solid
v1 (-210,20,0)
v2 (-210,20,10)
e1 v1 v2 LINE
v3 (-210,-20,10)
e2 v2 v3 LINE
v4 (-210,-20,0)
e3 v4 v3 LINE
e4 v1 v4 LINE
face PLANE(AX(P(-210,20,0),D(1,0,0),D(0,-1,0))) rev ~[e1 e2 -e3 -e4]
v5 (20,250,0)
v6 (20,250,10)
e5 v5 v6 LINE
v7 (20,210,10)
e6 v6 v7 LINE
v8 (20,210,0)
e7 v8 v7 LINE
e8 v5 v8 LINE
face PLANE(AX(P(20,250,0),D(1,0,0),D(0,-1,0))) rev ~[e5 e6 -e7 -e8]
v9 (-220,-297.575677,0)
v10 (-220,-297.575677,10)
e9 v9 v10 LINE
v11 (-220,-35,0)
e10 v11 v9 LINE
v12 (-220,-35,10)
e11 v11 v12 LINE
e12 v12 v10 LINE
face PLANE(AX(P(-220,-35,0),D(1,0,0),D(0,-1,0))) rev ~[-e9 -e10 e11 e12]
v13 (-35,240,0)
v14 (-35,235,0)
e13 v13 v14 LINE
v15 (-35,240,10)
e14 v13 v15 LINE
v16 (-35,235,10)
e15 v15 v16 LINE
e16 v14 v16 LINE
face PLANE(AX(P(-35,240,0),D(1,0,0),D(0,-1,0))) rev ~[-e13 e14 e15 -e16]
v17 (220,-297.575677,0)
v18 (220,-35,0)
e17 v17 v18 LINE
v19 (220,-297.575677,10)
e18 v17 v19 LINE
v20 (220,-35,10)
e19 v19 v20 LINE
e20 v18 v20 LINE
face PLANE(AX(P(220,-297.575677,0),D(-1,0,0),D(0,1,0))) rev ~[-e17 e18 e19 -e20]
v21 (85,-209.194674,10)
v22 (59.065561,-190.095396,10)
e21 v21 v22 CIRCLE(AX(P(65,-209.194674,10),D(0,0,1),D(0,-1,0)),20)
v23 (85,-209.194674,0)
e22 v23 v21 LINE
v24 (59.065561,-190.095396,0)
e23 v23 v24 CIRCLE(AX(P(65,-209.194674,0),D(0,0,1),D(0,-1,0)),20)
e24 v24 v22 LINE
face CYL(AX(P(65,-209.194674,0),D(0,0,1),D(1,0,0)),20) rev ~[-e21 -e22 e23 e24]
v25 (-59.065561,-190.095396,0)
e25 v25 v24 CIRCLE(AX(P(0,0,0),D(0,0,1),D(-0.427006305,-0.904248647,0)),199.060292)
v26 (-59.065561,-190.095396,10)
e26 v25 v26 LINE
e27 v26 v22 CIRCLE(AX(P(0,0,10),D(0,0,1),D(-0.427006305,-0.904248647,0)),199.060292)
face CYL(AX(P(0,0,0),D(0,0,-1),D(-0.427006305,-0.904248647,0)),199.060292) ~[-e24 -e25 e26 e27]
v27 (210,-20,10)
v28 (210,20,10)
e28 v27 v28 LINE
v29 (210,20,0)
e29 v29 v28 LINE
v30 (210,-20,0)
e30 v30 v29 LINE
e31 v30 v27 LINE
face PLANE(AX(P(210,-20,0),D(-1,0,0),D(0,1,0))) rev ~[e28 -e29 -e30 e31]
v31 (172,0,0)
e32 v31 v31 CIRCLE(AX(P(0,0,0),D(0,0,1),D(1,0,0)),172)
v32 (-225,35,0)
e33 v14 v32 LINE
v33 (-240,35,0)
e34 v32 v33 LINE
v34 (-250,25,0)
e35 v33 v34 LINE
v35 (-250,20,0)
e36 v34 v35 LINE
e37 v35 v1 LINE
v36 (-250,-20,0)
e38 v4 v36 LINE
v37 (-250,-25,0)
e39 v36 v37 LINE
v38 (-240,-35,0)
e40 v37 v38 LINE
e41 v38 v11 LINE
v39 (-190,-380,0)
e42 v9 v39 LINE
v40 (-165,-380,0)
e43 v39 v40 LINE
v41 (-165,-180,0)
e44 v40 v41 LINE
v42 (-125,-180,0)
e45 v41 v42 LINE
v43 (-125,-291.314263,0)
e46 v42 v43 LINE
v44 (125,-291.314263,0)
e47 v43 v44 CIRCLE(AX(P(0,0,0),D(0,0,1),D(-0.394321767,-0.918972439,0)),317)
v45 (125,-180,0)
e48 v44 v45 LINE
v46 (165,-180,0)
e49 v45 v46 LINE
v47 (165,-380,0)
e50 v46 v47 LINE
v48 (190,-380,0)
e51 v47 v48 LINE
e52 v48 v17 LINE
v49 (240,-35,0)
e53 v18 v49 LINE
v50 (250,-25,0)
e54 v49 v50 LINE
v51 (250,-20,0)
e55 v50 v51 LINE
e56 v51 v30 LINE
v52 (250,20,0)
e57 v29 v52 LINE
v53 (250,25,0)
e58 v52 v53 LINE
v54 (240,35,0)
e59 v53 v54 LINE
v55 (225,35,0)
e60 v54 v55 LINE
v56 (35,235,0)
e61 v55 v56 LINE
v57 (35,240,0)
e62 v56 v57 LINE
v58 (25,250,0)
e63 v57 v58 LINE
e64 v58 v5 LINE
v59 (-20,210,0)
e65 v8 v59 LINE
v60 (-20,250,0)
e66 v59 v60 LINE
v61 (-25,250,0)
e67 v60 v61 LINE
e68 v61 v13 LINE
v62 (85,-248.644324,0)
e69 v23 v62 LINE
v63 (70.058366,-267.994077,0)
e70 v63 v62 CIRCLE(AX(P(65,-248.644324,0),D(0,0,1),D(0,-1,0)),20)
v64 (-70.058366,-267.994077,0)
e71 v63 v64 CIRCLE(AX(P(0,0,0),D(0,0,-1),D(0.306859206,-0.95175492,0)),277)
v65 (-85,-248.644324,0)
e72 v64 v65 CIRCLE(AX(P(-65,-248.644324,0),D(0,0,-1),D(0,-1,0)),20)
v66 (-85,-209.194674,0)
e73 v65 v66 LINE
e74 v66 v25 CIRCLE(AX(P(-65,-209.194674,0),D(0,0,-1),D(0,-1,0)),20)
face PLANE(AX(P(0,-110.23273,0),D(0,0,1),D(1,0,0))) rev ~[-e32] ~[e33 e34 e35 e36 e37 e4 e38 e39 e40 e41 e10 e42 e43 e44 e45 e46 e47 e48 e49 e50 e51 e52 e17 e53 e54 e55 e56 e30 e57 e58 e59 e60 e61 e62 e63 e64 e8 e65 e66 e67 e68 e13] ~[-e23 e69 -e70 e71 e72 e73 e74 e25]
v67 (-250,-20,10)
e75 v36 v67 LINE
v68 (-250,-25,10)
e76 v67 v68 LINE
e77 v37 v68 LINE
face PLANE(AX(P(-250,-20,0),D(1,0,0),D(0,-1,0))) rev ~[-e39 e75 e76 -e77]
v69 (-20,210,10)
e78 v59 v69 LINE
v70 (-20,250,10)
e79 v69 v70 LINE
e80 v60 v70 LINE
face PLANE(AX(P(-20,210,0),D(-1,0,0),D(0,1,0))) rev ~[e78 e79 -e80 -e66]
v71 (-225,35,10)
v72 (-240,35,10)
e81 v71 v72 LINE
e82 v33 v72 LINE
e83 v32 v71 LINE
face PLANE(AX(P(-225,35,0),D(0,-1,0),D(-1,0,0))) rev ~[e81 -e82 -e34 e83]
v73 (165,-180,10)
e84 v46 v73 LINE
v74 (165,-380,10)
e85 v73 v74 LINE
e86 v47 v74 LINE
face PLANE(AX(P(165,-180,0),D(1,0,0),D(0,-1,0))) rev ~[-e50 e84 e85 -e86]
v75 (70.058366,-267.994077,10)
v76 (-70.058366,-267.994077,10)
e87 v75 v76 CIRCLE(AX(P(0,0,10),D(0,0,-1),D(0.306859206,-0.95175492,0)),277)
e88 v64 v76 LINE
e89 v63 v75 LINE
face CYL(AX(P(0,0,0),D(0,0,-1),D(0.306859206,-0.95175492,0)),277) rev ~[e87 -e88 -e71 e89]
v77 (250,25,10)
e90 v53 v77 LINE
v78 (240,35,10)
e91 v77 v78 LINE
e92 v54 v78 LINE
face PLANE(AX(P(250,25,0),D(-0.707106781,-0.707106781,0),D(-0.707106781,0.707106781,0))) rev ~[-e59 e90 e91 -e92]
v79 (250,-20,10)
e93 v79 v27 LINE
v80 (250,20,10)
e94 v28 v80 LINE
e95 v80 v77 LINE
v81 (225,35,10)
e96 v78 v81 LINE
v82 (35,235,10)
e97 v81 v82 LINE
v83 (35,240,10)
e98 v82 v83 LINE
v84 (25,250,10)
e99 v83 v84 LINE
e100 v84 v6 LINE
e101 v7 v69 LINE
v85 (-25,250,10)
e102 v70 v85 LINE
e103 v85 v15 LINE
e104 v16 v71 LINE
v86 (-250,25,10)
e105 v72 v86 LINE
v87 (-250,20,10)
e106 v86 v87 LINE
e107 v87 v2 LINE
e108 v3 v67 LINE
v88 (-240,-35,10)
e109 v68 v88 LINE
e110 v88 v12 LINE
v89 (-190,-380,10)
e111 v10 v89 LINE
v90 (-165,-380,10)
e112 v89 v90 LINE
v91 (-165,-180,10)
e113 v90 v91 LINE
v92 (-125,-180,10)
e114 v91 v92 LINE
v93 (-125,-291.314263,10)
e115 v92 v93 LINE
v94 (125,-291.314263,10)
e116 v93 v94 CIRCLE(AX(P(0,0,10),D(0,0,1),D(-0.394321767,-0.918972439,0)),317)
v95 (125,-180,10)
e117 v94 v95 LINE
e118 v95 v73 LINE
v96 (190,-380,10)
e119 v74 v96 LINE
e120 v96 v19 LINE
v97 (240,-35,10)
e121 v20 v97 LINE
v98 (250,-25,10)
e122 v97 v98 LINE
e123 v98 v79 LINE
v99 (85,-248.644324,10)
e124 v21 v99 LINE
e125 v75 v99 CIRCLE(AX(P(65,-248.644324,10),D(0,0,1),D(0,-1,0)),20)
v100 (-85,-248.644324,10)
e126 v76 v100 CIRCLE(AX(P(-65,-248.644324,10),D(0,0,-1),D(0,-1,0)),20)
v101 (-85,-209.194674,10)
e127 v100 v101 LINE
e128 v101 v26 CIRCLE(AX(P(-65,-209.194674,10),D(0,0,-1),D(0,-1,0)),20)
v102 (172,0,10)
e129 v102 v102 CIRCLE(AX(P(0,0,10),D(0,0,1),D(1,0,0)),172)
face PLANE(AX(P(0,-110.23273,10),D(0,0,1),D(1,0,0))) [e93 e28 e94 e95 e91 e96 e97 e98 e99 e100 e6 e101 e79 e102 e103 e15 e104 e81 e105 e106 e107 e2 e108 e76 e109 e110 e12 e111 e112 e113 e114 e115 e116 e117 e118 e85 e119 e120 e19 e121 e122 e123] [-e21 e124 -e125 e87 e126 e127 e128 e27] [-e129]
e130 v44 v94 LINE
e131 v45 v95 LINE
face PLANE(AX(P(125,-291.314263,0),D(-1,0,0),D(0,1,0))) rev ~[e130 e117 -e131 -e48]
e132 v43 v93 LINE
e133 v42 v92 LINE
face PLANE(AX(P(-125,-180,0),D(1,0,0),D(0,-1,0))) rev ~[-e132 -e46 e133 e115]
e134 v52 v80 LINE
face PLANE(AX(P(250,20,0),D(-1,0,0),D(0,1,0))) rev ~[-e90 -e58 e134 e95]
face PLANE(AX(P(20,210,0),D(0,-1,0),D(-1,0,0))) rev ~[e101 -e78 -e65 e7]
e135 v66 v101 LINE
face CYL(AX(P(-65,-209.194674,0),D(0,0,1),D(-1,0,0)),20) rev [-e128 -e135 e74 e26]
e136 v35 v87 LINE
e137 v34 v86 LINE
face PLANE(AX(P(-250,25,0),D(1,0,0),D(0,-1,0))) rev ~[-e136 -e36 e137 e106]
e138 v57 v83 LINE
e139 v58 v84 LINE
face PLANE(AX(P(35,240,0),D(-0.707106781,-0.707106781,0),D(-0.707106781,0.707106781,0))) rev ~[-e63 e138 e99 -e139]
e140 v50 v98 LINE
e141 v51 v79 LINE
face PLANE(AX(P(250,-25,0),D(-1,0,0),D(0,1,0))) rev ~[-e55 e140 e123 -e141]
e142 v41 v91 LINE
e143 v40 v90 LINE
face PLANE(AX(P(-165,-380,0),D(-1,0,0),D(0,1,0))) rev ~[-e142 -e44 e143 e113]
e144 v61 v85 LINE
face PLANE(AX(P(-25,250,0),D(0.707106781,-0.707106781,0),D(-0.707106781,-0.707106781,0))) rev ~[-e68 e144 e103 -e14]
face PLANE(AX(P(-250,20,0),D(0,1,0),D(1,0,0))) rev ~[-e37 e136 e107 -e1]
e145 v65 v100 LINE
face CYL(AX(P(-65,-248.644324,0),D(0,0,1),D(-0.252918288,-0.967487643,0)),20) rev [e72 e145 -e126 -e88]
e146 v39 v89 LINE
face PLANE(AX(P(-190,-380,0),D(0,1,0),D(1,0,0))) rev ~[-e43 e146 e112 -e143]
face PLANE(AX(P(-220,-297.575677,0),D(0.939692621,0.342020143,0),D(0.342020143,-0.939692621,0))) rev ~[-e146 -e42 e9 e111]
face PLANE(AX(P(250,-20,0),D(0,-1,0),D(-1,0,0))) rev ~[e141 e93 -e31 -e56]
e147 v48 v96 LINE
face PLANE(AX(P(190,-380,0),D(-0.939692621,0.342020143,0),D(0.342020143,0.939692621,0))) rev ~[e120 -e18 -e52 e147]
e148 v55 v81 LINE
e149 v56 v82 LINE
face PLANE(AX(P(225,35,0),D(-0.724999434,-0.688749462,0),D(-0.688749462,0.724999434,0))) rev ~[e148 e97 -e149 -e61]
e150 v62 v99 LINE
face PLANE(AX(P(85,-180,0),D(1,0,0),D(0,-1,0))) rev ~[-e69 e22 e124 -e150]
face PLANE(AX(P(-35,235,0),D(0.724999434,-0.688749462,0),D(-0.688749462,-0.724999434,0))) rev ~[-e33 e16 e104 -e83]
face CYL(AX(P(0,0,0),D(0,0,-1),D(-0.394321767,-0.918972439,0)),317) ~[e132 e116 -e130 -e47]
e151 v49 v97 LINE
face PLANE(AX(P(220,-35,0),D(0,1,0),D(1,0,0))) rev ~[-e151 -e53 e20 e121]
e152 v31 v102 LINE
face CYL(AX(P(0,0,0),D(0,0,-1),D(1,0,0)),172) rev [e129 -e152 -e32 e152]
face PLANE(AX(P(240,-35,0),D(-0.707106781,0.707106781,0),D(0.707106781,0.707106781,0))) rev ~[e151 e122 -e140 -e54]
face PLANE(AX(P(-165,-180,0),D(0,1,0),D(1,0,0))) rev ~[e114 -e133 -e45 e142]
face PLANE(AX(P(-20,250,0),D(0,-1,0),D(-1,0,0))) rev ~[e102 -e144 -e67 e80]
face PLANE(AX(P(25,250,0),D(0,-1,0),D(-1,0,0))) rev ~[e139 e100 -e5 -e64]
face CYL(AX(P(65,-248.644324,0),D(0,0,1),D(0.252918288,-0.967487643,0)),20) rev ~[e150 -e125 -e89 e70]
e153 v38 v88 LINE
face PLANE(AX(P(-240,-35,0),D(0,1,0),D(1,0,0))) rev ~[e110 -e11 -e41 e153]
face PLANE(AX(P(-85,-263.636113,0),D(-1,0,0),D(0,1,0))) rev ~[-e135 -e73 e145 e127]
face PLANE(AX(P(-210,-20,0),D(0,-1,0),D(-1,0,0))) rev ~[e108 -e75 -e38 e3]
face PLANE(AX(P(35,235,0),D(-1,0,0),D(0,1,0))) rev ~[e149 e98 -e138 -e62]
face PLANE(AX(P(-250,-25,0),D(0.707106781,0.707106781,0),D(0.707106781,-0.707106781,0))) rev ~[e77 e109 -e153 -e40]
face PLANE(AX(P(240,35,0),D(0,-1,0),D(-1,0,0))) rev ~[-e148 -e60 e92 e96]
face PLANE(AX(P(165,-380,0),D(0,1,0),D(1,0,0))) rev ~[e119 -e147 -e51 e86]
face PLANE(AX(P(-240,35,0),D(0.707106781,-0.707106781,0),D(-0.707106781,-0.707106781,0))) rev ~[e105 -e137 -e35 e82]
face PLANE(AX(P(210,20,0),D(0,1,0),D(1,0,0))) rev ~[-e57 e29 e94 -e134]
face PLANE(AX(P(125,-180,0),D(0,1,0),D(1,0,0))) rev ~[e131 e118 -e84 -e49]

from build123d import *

# Parameters (mm, degrees)
ESQUISSE1_R        = 172
BOSS_EXTRU_1_DEPTH = 10
CONG_1_R           = 20


with BuildPart() as part:
    # Esquisse1 → Boss.-Extru.1 (new body)
    with BuildSketch(Plane.XY):
        with BuildLine():
            Line((220, -297.575677416), (220, -228.230147001))
            Line((220, -228.230147001), (220, -35))
            Line((220, -35), (240, -35))
            Line((240, -35), (250, -25))
            Line((250, -25), (250, -20))
            Line((250, -20), (210, -20))
            Line((210, -20), (210, 20))
            Line((210, 20), (250, 20))
            Line((250, 20), (250, 25))
            Line((250, 25), (240, 35))
            Line((240, 35), (225, 35))
            Line((225, 35), (35, 235))
            Line((35, 235), (35, 240))
            Line((35, 240), (25, 250))
            Line((25, 250), (20, 250))
            Line((20, 250), (20, 210))
            Line((20, 210), (-20, 210))
            Line((-20, 210), (-20, 250))
            Line((-20, 250), (-25, 250))
            Line((-25, 250), (-35, 240))
            Line((-35, 240), (-35, 235))
            Line((-35, 235), (-225, 35))
            Line((-225, 35), (-240, 35))
            Line((-240, 35), (-250, 25))
            Line((-250, 25), (-250, 20))
            Line((-250, 20), (-210, 20))
            Line((-210, 20), (-210, -20))
            Line((-210, -20), (-250, -20))
            Line((-250, -20), (-250, -25))
            Line((-250, -25), (-240, -35))
            Line((-240, -35), (-220, -35))
            Line((-220, -35), (-220, -297.575677416))
            Line((-220, -297.575677416), (-190, -380))
            Line((-190, -380), (-165, -380))
            Line((-165, -380), (-165, -180))
            Line((-165, -180), (-125, -180))
            Line((-125, -180), (-125, -291.314263297))
            ThreePointArc((-125, -291.314263297), (0, -317), (125, -291.314263297))
            Line((125, -291.314263297), (125, -180))
            Line((125, -180), (165, -180))
            Line((165, -180), (165, -380))
            Line((165, -380), (190, -380))
            Line((190, -380), (220, -297.575677416))
        make_face()
        with BuildLine():
            Line((-85, -263.636112853), (-85, -180))
            ThreePointArc((-85, -180), (0, -199.060292374), (85, -180))
            Line((85, -180), (85, -263.636112853))
            ThreePointArc((85, -263.636112853), (0, -277), (-85, -263.636112853))
        make_face(mode=Mode.SUBTRACT)
        Circle(ESQUISSE1_R, mode=Mode.SUBTRACT)
    extrude(amount=BOSS_EXTRU_1_DEPTH)

    # Congé1
    cong_1_edges = [part.edges().sort_by_distance(p)[0] for p in [
        (-85, -263.636112853, 5),
        (85, -263.636112853, 5),
        (85, -180, 5),
        (-85, -180, 5),
    ]]
    fillet(cong_1_edges, radius=CONG_1_R)


solid = part.part
